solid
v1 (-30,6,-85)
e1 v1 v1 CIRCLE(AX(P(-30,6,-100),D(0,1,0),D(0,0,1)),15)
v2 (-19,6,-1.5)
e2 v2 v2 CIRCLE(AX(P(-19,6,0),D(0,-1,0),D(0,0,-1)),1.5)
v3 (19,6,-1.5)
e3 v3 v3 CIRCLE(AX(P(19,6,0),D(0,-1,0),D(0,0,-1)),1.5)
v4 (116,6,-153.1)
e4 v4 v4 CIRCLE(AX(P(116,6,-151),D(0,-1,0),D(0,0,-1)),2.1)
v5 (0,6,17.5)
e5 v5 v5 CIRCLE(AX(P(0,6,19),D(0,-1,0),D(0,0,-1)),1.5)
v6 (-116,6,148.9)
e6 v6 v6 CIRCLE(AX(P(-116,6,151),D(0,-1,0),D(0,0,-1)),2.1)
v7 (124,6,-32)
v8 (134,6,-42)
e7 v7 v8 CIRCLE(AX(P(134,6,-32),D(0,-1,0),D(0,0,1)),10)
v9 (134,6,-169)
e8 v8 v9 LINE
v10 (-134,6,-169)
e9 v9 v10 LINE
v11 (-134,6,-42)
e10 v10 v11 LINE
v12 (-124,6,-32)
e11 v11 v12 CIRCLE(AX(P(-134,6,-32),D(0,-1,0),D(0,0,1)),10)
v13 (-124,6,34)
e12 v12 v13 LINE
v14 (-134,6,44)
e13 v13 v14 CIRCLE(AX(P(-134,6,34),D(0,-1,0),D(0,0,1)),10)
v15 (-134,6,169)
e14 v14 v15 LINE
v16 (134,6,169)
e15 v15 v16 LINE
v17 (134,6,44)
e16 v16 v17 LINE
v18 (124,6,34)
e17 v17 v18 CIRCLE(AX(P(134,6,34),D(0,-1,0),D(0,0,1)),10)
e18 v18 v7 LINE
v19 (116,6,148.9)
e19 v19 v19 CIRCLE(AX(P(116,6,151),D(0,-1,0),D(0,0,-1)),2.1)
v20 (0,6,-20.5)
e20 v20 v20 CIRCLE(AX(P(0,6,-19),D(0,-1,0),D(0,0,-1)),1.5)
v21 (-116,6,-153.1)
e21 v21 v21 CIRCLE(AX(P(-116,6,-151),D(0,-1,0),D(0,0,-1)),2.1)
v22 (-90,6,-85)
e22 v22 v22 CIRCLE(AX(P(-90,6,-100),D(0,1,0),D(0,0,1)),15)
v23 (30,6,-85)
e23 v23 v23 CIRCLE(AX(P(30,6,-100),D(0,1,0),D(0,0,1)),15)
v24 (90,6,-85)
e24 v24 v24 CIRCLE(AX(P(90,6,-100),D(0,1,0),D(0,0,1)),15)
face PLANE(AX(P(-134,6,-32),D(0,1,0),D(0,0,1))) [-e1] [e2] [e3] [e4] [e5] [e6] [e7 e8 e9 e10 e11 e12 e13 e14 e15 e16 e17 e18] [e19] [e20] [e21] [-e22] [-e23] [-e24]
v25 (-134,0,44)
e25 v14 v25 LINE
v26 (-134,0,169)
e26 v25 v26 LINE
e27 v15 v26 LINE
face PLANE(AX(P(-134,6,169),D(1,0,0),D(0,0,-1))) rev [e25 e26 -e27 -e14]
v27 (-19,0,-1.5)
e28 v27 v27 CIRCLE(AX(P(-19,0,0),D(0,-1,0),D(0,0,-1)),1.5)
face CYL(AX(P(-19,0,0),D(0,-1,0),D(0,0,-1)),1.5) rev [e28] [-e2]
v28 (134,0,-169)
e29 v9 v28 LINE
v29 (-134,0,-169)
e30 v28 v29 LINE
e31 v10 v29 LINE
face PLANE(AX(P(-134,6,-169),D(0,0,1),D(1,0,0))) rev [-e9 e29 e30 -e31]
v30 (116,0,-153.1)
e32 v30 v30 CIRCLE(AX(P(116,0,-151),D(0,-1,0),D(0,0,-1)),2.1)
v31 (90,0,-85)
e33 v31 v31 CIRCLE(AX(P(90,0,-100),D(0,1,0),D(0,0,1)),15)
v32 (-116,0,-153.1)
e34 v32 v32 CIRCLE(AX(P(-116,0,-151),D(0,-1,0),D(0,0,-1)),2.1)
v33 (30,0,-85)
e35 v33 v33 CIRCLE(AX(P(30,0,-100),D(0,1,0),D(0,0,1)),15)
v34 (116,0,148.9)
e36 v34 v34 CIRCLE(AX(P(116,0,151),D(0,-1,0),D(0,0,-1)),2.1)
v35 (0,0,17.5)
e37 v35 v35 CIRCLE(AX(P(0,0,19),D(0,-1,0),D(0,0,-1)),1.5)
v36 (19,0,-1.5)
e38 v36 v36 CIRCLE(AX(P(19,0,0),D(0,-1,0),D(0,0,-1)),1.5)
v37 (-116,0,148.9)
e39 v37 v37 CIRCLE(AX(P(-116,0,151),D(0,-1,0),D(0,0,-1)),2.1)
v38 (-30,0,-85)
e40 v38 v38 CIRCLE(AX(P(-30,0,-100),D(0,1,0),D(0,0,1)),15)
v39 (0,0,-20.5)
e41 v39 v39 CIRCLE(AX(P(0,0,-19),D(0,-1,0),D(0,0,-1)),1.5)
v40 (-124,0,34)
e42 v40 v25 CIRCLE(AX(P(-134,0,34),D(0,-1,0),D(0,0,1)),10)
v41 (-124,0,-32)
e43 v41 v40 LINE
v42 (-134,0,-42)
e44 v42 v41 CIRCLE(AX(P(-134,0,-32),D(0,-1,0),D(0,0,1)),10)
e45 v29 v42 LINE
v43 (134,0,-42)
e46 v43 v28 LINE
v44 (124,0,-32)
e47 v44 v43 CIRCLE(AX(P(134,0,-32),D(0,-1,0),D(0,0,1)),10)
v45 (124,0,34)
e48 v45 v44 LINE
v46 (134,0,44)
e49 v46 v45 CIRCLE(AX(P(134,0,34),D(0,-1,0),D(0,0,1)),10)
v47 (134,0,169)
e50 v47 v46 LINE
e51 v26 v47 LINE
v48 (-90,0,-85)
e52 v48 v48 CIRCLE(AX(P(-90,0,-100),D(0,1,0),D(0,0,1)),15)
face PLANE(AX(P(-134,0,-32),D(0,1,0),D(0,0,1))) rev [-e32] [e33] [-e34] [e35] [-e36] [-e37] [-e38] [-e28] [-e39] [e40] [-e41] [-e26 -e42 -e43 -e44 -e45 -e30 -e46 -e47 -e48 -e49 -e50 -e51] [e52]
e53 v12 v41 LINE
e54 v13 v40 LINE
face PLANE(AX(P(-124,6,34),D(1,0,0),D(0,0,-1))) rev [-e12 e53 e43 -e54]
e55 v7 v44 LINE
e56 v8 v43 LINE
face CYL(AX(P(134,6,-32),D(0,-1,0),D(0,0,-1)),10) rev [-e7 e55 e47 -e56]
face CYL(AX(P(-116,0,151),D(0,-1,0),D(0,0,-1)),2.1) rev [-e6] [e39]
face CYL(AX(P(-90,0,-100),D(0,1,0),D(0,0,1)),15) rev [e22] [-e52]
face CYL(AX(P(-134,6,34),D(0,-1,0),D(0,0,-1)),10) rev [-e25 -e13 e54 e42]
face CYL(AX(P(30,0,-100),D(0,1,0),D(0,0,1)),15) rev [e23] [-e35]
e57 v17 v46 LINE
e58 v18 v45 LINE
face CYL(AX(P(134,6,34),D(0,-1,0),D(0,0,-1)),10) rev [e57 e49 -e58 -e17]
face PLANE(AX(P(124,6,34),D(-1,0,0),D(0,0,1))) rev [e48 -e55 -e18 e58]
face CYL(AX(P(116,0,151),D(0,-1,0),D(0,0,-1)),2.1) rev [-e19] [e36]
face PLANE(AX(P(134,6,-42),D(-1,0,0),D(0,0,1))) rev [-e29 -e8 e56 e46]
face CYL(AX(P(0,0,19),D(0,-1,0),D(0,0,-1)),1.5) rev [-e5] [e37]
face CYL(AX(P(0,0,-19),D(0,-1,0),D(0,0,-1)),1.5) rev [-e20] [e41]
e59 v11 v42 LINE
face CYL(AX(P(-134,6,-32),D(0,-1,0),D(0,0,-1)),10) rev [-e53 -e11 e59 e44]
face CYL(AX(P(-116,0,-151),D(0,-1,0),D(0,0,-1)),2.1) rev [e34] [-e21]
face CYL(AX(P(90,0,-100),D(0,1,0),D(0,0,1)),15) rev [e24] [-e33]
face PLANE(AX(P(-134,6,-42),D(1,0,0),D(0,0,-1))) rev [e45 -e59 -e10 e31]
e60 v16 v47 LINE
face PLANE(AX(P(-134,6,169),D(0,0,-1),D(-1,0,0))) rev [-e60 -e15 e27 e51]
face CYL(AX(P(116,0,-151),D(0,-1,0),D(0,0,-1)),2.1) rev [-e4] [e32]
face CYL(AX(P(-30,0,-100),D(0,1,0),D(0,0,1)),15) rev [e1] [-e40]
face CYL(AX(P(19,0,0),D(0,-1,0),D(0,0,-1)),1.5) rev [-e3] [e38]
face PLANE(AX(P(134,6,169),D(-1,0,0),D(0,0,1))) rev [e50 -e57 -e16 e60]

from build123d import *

# Parameters (mm, degrees)
RESSALTO_EXTRUS_O1_DEPTH     = 6
FURO_ROSCADO_DE_M41_D        = 3
ESBO_O6_R                    = 15
CORTE_EXTRUS_O1_DEPTH        = 216.761442339
FURO_DE_DI_METRO_4_2_4_2_1_D = 4.2


with BuildPart() as part:
    # Esboço1 → Ressalto-extrusão1 (new body)
    with BuildSketch(Plane(origin=(0, 0, 0), x_dir=(1, 0, 0), z_dir=(0, 1, 0))):
        with BuildLine():
            Line((-134, -169), (134, -169))
            Line((134, -169), (134, -44))
            ThreePointArc((134, -44), (126.928932188, -41.071067812), (124, -34))
            Line((124, -34), (124, 32))
            ThreePointArc((124, 32), (126.928932188, 39.071067812), (134, 42))
            Line((134, 42), (134, 169))
            Line((134, 169), (-134, 169))
            Line((-134, 169), (-134, 42))
            ThreePointArc((-134, 42), (-126.928932188, 39.071067812), (-124, 32))
            Line((-124, 32), (-124, -34))
            ThreePointArc((-124, -34), (-126.928932188, -41.071067812), (-134, -44))
            Line((-134, -44), (-134, -169))
        make_face()
    extrude(amount=RESSALTO_EXTRUS_O1_DEPTH)

    # Furo roscado de M41 (through all)
    with Locations(Plane(origin=(0, 0, 0), x_dir=(-1, 0, 0), z_dir=(0, -1, 0))):
        with Locations((19, 0), (0, 19), (-19, 0), (0, -19)):
            Hole(FURO_ROSCADO_DE_M41_D / 2)

    # Esboço6 → Corte-extrusão1 (cut, through all)
    with BuildSketch(Plane(origin=(0, 6, 0), x_dir=(1, 0, 0), z_dir=(0, 1, 0))):
        with Locations(Location((-90, 100, 0), (0, 0, 270))):
            Circle(ESBO_O6_R)
        with Locations(Location((-30, 100, 0), (0, 0, 270))):
            Circle(ESBO_O6_R)
        with Locations(Location((30, 100, 0), (0, 0, 270))):
            Circle(ESBO_O6_R)
        with Locations(Location((90, 100, 0), (0, 0, 270))):
            Circle(ESBO_O6_R)
    extrude(amount=-CORTE_EXTRUS_O1_DEPTH, mode=Mode.SUBTRACT)

    # Furo de diâmetro Ø4.2 (4.2)1 (through all)
    with Locations(Plane(origin=(0, 0, 0), x_dir=(-1, 0, 0), z_dir=(0, -1, 0))):
        with Locations((-116, 151), (-116, -151), (116, 151), (116, -151)):
            Hole(FURO_DE_DI_METRO_4_2_4_2_1_D / 2)


solid = part.part
